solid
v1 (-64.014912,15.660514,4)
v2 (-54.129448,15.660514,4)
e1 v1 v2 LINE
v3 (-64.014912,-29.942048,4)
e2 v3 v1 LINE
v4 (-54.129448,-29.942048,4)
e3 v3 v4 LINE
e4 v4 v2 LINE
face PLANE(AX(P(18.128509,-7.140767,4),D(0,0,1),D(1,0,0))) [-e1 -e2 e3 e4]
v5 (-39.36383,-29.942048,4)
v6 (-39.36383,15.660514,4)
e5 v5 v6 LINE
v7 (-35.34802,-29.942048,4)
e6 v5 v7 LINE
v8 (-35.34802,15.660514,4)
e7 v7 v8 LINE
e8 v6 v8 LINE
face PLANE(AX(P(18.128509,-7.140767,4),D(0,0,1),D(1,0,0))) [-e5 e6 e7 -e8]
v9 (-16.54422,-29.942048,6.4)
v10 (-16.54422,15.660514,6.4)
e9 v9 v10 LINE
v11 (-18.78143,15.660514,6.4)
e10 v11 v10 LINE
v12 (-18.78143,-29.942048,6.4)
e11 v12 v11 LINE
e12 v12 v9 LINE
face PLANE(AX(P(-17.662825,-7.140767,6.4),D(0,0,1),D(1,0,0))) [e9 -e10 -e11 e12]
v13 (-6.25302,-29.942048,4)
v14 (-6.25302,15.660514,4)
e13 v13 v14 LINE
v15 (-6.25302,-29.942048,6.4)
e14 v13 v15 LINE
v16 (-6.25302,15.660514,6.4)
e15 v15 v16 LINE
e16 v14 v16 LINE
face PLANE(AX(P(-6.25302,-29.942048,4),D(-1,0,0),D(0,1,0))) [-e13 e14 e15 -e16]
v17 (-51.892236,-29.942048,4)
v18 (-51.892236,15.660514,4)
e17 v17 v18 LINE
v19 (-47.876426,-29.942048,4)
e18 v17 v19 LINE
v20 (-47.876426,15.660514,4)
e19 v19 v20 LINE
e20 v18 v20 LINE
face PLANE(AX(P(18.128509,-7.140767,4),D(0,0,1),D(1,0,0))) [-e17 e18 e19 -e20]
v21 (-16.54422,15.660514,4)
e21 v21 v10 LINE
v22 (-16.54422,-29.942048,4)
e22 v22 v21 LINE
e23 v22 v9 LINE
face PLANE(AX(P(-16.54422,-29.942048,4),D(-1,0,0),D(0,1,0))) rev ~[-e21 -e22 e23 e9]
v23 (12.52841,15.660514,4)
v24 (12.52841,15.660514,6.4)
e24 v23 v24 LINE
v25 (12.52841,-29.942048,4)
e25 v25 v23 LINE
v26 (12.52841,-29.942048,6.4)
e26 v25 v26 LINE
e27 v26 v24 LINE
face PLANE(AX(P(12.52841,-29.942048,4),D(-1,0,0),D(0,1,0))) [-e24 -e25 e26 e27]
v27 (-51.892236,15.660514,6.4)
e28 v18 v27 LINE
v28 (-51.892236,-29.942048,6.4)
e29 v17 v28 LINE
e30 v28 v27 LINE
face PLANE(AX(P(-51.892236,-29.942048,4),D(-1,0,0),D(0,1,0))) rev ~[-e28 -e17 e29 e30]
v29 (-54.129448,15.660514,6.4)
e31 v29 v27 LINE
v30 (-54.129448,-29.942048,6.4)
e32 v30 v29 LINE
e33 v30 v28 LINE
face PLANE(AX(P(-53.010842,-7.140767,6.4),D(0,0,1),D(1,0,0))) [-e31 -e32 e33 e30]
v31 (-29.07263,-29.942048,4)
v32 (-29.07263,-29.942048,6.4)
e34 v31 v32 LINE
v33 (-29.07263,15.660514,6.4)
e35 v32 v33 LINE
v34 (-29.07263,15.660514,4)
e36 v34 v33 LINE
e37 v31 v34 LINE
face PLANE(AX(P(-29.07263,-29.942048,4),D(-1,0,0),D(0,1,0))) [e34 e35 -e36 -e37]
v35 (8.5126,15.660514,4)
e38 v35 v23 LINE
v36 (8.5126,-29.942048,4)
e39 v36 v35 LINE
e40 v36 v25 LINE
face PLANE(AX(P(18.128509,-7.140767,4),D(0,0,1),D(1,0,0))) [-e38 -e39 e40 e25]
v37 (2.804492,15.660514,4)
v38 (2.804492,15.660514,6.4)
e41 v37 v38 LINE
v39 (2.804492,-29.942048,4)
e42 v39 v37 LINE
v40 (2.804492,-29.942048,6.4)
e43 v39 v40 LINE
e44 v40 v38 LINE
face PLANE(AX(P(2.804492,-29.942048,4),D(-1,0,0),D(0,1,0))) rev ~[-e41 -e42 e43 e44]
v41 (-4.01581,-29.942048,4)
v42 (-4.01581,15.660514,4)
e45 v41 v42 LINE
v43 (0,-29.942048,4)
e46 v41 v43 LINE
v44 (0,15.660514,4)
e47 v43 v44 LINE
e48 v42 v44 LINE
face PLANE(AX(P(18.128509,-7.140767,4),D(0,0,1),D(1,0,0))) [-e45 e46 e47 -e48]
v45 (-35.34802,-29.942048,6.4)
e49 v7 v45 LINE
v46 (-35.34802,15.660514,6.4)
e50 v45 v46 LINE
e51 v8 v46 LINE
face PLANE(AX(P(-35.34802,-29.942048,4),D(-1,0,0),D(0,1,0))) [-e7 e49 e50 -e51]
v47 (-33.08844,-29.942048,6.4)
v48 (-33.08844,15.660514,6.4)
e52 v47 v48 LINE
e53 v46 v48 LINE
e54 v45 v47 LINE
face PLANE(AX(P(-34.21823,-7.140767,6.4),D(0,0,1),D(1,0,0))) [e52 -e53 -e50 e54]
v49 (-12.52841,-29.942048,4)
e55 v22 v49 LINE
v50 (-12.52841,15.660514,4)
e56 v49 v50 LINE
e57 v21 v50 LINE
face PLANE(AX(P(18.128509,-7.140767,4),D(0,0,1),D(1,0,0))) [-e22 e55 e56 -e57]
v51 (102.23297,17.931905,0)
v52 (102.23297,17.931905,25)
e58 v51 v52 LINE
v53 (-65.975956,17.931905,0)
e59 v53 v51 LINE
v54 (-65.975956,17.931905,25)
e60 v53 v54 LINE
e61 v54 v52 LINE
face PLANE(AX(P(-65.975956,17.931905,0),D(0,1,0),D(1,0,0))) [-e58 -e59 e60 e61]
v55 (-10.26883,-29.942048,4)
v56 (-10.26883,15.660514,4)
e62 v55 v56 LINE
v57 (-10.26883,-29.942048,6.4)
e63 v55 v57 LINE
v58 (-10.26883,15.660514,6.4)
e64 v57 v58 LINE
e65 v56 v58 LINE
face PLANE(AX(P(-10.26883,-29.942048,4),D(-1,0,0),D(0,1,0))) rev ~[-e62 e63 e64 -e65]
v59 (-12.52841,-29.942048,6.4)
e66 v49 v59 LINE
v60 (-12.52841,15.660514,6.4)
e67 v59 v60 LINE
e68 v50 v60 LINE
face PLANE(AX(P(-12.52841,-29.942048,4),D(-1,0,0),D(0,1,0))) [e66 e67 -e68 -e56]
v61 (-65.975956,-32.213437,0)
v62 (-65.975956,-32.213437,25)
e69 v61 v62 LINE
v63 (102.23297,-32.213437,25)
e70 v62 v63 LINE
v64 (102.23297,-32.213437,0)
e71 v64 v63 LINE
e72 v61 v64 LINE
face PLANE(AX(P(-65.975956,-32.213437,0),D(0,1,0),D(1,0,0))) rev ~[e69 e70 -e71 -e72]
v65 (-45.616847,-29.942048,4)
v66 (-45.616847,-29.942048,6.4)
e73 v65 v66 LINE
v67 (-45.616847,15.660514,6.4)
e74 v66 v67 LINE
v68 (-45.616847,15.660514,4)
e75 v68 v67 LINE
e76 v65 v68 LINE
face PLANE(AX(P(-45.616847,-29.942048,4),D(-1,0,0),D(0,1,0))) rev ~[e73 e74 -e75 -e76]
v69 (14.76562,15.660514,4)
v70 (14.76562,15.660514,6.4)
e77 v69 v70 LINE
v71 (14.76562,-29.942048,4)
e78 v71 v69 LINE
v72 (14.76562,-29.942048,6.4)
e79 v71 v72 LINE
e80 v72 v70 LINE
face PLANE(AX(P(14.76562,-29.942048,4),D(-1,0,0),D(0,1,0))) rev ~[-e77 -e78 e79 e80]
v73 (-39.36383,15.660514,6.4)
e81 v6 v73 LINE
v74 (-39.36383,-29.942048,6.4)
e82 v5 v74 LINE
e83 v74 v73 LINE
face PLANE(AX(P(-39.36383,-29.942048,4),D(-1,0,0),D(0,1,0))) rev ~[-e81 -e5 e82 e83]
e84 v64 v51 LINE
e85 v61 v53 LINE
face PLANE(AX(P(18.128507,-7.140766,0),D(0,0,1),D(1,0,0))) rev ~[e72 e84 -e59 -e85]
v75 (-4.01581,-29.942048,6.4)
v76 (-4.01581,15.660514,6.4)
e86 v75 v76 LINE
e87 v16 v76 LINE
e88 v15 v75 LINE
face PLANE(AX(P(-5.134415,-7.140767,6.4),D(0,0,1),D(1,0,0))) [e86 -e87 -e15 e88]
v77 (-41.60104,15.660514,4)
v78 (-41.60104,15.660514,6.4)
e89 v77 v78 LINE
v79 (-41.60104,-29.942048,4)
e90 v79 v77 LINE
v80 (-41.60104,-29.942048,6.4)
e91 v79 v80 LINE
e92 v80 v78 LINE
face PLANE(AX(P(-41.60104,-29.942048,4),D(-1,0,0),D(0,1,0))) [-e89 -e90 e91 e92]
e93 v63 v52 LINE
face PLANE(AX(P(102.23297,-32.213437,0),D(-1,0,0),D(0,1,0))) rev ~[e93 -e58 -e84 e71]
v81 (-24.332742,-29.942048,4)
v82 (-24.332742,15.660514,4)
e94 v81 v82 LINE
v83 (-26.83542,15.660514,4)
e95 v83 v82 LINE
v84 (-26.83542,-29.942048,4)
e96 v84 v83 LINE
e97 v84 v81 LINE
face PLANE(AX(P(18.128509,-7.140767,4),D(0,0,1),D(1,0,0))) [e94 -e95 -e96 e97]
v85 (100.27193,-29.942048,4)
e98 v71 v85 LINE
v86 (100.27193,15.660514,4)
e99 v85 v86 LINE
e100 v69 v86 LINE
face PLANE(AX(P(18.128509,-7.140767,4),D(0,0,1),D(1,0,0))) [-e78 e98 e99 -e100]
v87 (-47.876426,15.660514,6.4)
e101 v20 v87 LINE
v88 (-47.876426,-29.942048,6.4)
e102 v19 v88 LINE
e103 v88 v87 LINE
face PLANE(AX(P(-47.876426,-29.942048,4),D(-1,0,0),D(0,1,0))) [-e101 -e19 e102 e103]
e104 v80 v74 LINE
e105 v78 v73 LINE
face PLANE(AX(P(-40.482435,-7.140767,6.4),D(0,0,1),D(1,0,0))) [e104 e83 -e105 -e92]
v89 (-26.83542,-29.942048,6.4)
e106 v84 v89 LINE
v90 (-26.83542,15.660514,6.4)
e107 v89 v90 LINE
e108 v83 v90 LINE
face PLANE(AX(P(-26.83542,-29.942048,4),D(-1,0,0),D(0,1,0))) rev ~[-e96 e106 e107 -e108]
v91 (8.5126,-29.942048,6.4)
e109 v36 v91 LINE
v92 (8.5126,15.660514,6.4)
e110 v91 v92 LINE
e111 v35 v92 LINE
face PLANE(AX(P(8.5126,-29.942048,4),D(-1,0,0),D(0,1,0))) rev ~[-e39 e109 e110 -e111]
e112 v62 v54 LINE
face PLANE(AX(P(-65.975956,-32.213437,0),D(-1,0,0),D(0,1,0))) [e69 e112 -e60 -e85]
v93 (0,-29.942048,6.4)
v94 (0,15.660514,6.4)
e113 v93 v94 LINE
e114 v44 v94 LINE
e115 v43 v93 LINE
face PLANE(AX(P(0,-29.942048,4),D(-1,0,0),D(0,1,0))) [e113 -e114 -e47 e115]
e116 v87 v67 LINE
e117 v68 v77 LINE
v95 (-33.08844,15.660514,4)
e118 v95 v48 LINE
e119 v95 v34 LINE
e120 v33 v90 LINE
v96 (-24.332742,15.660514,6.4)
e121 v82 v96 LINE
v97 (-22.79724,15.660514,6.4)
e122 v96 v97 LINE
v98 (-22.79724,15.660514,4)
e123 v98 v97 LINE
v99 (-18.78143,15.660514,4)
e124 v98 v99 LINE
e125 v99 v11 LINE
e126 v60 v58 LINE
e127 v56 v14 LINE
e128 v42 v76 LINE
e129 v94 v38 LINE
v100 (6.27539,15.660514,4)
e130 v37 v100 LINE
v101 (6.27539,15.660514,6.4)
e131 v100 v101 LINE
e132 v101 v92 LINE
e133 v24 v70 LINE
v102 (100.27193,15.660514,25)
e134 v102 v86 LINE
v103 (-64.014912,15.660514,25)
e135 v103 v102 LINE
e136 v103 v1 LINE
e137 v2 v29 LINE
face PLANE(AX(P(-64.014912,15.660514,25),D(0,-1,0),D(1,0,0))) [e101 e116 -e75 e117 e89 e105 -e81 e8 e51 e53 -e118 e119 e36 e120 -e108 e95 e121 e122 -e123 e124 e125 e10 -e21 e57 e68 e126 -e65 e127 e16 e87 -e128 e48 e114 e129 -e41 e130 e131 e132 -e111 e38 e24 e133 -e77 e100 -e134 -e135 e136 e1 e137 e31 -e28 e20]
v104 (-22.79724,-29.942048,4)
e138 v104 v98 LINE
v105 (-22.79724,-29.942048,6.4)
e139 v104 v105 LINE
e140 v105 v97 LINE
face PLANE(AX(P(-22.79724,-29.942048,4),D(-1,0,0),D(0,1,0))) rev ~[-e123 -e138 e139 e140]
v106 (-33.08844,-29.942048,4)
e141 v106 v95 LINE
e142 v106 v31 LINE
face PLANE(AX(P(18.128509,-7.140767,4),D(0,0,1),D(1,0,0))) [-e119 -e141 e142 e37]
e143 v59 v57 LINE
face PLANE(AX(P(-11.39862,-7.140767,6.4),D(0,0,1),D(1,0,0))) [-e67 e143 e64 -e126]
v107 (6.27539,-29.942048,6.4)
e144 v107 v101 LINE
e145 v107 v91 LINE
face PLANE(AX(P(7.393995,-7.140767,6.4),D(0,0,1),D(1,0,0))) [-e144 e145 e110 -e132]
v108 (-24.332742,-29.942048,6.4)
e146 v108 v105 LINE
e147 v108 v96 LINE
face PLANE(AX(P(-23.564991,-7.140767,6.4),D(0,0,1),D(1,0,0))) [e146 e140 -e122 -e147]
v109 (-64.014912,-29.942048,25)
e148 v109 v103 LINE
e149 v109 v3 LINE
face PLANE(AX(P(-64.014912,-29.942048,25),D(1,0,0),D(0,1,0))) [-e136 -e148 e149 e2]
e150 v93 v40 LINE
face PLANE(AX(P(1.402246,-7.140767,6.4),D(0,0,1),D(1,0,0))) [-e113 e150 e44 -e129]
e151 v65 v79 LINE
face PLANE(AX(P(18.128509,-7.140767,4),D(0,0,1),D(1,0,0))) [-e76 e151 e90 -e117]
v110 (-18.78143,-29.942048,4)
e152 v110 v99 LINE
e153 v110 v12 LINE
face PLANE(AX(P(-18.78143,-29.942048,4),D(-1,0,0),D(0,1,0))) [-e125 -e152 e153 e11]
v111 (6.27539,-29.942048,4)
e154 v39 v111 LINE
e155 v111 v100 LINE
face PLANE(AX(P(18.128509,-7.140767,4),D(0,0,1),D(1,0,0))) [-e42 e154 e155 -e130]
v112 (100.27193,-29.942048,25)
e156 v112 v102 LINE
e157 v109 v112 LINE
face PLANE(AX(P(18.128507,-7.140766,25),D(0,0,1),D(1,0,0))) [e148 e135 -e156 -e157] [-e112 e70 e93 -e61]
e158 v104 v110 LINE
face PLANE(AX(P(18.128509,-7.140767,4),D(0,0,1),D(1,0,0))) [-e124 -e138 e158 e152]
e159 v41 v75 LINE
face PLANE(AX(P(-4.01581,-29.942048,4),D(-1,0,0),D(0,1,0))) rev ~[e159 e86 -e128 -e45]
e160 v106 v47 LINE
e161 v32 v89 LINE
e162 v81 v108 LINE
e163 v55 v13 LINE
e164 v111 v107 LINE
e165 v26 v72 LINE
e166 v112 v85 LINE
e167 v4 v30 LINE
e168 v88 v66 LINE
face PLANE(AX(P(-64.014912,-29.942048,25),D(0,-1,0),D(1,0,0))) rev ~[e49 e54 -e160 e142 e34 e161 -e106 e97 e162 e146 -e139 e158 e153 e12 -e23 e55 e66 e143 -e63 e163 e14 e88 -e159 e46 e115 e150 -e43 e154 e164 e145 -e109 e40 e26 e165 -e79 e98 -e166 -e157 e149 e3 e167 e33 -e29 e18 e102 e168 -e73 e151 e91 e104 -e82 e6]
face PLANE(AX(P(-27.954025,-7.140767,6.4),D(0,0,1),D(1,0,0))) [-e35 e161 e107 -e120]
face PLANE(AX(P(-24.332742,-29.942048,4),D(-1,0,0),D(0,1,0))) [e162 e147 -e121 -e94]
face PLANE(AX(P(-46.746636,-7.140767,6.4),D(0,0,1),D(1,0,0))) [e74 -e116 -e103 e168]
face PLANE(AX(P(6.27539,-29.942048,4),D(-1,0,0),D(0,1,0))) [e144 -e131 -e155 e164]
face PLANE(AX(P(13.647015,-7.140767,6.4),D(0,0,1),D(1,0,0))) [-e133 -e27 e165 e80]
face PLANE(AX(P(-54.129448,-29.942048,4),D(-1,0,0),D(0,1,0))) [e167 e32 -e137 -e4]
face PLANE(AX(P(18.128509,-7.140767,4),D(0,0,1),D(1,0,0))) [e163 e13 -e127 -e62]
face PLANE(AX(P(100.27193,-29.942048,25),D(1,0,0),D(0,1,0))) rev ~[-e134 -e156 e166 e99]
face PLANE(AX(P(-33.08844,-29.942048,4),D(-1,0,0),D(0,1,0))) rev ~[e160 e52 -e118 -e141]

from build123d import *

# Parameters (mm, degrees)
F0_W     = 168.208927
F0_H     = 50.145343
F1_DEPTH = 25
F2_W     = 164.286842
F2_H     = 45.602561
F3_DEPTH = 21
F4_W     = 2.237212
F4_H     = 45.602561
F4_W_2   = 2.23721
F4_W_3   = 2.259579
F4_W_4   = 2.25958
F4_W_5   = 1.535502
F4_W_6   = 2.804493
F5_DEPTH = 2.4


with BuildPart() as f1:
    # F0 (on Top) → F1 (new body)
    with BuildSketch(Plane.XY):
        with Locations((18.128507, -7.140766)):
            Rectangle(F0_W, F0_H)
    extrude(amount=F1_DEPTH)

    # F2 (on face) → F3 (cut)
    with BuildSketch(Plane.XY.offset(25)):
        with Locations((18.128509, -7.140767)):
            Rectangle(F2_W, F2_H)
    extrude(amount=-F3_DEPTH, mode=Mode.SUBTRACT)

    # F4 (on face) → F5 (join)
    with BuildSketch(Plane.XY.offset(4)):
        with Locations((-53.010842, -7.140767)):
            Rectangle(F4_W, F4_H)
        with Locations((-40.482435, -7.140767)):
            Rectangle(F4_W_2, F4_H)
        with Locations((-27.954025, -7.140767)):
            Rectangle(F4_W_2, F4_H)
        with Locations((-17.662825, -7.140767)):
            Rectangle(F4_W_2, F4_H)
        with Locations((-5.134415, -7.140767)):
            Rectangle(F4_W_2, F4_H)
        with Locations((7.393995, -7.140767)):
            Rectangle(F4_W_2, F4_H)
        with Locations((-46.746636, -7.140767)):
            Rectangle(F4_W_3, F4_H)
        with Locations((-34.21823, -7.140767)):
            Rectangle(F4_W_4, F4_H)
        with Locations((-23.564991, -7.140767)):
            Rectangle(F4_W_5, F4_H)
        with Locations((-11.39862, -7.140767)):
            Rectangle(F4_W_4, F4_H)
        with Locations((1.402246, -7.140767)):
            Rectangle(F4_W_6, F4_H)
        with Locations((13.647015, -7.140767)):
            Rectangle(F4_W_2, F4_H)
    extrude(amount=F5_DEPTH)


solid = f1.part
